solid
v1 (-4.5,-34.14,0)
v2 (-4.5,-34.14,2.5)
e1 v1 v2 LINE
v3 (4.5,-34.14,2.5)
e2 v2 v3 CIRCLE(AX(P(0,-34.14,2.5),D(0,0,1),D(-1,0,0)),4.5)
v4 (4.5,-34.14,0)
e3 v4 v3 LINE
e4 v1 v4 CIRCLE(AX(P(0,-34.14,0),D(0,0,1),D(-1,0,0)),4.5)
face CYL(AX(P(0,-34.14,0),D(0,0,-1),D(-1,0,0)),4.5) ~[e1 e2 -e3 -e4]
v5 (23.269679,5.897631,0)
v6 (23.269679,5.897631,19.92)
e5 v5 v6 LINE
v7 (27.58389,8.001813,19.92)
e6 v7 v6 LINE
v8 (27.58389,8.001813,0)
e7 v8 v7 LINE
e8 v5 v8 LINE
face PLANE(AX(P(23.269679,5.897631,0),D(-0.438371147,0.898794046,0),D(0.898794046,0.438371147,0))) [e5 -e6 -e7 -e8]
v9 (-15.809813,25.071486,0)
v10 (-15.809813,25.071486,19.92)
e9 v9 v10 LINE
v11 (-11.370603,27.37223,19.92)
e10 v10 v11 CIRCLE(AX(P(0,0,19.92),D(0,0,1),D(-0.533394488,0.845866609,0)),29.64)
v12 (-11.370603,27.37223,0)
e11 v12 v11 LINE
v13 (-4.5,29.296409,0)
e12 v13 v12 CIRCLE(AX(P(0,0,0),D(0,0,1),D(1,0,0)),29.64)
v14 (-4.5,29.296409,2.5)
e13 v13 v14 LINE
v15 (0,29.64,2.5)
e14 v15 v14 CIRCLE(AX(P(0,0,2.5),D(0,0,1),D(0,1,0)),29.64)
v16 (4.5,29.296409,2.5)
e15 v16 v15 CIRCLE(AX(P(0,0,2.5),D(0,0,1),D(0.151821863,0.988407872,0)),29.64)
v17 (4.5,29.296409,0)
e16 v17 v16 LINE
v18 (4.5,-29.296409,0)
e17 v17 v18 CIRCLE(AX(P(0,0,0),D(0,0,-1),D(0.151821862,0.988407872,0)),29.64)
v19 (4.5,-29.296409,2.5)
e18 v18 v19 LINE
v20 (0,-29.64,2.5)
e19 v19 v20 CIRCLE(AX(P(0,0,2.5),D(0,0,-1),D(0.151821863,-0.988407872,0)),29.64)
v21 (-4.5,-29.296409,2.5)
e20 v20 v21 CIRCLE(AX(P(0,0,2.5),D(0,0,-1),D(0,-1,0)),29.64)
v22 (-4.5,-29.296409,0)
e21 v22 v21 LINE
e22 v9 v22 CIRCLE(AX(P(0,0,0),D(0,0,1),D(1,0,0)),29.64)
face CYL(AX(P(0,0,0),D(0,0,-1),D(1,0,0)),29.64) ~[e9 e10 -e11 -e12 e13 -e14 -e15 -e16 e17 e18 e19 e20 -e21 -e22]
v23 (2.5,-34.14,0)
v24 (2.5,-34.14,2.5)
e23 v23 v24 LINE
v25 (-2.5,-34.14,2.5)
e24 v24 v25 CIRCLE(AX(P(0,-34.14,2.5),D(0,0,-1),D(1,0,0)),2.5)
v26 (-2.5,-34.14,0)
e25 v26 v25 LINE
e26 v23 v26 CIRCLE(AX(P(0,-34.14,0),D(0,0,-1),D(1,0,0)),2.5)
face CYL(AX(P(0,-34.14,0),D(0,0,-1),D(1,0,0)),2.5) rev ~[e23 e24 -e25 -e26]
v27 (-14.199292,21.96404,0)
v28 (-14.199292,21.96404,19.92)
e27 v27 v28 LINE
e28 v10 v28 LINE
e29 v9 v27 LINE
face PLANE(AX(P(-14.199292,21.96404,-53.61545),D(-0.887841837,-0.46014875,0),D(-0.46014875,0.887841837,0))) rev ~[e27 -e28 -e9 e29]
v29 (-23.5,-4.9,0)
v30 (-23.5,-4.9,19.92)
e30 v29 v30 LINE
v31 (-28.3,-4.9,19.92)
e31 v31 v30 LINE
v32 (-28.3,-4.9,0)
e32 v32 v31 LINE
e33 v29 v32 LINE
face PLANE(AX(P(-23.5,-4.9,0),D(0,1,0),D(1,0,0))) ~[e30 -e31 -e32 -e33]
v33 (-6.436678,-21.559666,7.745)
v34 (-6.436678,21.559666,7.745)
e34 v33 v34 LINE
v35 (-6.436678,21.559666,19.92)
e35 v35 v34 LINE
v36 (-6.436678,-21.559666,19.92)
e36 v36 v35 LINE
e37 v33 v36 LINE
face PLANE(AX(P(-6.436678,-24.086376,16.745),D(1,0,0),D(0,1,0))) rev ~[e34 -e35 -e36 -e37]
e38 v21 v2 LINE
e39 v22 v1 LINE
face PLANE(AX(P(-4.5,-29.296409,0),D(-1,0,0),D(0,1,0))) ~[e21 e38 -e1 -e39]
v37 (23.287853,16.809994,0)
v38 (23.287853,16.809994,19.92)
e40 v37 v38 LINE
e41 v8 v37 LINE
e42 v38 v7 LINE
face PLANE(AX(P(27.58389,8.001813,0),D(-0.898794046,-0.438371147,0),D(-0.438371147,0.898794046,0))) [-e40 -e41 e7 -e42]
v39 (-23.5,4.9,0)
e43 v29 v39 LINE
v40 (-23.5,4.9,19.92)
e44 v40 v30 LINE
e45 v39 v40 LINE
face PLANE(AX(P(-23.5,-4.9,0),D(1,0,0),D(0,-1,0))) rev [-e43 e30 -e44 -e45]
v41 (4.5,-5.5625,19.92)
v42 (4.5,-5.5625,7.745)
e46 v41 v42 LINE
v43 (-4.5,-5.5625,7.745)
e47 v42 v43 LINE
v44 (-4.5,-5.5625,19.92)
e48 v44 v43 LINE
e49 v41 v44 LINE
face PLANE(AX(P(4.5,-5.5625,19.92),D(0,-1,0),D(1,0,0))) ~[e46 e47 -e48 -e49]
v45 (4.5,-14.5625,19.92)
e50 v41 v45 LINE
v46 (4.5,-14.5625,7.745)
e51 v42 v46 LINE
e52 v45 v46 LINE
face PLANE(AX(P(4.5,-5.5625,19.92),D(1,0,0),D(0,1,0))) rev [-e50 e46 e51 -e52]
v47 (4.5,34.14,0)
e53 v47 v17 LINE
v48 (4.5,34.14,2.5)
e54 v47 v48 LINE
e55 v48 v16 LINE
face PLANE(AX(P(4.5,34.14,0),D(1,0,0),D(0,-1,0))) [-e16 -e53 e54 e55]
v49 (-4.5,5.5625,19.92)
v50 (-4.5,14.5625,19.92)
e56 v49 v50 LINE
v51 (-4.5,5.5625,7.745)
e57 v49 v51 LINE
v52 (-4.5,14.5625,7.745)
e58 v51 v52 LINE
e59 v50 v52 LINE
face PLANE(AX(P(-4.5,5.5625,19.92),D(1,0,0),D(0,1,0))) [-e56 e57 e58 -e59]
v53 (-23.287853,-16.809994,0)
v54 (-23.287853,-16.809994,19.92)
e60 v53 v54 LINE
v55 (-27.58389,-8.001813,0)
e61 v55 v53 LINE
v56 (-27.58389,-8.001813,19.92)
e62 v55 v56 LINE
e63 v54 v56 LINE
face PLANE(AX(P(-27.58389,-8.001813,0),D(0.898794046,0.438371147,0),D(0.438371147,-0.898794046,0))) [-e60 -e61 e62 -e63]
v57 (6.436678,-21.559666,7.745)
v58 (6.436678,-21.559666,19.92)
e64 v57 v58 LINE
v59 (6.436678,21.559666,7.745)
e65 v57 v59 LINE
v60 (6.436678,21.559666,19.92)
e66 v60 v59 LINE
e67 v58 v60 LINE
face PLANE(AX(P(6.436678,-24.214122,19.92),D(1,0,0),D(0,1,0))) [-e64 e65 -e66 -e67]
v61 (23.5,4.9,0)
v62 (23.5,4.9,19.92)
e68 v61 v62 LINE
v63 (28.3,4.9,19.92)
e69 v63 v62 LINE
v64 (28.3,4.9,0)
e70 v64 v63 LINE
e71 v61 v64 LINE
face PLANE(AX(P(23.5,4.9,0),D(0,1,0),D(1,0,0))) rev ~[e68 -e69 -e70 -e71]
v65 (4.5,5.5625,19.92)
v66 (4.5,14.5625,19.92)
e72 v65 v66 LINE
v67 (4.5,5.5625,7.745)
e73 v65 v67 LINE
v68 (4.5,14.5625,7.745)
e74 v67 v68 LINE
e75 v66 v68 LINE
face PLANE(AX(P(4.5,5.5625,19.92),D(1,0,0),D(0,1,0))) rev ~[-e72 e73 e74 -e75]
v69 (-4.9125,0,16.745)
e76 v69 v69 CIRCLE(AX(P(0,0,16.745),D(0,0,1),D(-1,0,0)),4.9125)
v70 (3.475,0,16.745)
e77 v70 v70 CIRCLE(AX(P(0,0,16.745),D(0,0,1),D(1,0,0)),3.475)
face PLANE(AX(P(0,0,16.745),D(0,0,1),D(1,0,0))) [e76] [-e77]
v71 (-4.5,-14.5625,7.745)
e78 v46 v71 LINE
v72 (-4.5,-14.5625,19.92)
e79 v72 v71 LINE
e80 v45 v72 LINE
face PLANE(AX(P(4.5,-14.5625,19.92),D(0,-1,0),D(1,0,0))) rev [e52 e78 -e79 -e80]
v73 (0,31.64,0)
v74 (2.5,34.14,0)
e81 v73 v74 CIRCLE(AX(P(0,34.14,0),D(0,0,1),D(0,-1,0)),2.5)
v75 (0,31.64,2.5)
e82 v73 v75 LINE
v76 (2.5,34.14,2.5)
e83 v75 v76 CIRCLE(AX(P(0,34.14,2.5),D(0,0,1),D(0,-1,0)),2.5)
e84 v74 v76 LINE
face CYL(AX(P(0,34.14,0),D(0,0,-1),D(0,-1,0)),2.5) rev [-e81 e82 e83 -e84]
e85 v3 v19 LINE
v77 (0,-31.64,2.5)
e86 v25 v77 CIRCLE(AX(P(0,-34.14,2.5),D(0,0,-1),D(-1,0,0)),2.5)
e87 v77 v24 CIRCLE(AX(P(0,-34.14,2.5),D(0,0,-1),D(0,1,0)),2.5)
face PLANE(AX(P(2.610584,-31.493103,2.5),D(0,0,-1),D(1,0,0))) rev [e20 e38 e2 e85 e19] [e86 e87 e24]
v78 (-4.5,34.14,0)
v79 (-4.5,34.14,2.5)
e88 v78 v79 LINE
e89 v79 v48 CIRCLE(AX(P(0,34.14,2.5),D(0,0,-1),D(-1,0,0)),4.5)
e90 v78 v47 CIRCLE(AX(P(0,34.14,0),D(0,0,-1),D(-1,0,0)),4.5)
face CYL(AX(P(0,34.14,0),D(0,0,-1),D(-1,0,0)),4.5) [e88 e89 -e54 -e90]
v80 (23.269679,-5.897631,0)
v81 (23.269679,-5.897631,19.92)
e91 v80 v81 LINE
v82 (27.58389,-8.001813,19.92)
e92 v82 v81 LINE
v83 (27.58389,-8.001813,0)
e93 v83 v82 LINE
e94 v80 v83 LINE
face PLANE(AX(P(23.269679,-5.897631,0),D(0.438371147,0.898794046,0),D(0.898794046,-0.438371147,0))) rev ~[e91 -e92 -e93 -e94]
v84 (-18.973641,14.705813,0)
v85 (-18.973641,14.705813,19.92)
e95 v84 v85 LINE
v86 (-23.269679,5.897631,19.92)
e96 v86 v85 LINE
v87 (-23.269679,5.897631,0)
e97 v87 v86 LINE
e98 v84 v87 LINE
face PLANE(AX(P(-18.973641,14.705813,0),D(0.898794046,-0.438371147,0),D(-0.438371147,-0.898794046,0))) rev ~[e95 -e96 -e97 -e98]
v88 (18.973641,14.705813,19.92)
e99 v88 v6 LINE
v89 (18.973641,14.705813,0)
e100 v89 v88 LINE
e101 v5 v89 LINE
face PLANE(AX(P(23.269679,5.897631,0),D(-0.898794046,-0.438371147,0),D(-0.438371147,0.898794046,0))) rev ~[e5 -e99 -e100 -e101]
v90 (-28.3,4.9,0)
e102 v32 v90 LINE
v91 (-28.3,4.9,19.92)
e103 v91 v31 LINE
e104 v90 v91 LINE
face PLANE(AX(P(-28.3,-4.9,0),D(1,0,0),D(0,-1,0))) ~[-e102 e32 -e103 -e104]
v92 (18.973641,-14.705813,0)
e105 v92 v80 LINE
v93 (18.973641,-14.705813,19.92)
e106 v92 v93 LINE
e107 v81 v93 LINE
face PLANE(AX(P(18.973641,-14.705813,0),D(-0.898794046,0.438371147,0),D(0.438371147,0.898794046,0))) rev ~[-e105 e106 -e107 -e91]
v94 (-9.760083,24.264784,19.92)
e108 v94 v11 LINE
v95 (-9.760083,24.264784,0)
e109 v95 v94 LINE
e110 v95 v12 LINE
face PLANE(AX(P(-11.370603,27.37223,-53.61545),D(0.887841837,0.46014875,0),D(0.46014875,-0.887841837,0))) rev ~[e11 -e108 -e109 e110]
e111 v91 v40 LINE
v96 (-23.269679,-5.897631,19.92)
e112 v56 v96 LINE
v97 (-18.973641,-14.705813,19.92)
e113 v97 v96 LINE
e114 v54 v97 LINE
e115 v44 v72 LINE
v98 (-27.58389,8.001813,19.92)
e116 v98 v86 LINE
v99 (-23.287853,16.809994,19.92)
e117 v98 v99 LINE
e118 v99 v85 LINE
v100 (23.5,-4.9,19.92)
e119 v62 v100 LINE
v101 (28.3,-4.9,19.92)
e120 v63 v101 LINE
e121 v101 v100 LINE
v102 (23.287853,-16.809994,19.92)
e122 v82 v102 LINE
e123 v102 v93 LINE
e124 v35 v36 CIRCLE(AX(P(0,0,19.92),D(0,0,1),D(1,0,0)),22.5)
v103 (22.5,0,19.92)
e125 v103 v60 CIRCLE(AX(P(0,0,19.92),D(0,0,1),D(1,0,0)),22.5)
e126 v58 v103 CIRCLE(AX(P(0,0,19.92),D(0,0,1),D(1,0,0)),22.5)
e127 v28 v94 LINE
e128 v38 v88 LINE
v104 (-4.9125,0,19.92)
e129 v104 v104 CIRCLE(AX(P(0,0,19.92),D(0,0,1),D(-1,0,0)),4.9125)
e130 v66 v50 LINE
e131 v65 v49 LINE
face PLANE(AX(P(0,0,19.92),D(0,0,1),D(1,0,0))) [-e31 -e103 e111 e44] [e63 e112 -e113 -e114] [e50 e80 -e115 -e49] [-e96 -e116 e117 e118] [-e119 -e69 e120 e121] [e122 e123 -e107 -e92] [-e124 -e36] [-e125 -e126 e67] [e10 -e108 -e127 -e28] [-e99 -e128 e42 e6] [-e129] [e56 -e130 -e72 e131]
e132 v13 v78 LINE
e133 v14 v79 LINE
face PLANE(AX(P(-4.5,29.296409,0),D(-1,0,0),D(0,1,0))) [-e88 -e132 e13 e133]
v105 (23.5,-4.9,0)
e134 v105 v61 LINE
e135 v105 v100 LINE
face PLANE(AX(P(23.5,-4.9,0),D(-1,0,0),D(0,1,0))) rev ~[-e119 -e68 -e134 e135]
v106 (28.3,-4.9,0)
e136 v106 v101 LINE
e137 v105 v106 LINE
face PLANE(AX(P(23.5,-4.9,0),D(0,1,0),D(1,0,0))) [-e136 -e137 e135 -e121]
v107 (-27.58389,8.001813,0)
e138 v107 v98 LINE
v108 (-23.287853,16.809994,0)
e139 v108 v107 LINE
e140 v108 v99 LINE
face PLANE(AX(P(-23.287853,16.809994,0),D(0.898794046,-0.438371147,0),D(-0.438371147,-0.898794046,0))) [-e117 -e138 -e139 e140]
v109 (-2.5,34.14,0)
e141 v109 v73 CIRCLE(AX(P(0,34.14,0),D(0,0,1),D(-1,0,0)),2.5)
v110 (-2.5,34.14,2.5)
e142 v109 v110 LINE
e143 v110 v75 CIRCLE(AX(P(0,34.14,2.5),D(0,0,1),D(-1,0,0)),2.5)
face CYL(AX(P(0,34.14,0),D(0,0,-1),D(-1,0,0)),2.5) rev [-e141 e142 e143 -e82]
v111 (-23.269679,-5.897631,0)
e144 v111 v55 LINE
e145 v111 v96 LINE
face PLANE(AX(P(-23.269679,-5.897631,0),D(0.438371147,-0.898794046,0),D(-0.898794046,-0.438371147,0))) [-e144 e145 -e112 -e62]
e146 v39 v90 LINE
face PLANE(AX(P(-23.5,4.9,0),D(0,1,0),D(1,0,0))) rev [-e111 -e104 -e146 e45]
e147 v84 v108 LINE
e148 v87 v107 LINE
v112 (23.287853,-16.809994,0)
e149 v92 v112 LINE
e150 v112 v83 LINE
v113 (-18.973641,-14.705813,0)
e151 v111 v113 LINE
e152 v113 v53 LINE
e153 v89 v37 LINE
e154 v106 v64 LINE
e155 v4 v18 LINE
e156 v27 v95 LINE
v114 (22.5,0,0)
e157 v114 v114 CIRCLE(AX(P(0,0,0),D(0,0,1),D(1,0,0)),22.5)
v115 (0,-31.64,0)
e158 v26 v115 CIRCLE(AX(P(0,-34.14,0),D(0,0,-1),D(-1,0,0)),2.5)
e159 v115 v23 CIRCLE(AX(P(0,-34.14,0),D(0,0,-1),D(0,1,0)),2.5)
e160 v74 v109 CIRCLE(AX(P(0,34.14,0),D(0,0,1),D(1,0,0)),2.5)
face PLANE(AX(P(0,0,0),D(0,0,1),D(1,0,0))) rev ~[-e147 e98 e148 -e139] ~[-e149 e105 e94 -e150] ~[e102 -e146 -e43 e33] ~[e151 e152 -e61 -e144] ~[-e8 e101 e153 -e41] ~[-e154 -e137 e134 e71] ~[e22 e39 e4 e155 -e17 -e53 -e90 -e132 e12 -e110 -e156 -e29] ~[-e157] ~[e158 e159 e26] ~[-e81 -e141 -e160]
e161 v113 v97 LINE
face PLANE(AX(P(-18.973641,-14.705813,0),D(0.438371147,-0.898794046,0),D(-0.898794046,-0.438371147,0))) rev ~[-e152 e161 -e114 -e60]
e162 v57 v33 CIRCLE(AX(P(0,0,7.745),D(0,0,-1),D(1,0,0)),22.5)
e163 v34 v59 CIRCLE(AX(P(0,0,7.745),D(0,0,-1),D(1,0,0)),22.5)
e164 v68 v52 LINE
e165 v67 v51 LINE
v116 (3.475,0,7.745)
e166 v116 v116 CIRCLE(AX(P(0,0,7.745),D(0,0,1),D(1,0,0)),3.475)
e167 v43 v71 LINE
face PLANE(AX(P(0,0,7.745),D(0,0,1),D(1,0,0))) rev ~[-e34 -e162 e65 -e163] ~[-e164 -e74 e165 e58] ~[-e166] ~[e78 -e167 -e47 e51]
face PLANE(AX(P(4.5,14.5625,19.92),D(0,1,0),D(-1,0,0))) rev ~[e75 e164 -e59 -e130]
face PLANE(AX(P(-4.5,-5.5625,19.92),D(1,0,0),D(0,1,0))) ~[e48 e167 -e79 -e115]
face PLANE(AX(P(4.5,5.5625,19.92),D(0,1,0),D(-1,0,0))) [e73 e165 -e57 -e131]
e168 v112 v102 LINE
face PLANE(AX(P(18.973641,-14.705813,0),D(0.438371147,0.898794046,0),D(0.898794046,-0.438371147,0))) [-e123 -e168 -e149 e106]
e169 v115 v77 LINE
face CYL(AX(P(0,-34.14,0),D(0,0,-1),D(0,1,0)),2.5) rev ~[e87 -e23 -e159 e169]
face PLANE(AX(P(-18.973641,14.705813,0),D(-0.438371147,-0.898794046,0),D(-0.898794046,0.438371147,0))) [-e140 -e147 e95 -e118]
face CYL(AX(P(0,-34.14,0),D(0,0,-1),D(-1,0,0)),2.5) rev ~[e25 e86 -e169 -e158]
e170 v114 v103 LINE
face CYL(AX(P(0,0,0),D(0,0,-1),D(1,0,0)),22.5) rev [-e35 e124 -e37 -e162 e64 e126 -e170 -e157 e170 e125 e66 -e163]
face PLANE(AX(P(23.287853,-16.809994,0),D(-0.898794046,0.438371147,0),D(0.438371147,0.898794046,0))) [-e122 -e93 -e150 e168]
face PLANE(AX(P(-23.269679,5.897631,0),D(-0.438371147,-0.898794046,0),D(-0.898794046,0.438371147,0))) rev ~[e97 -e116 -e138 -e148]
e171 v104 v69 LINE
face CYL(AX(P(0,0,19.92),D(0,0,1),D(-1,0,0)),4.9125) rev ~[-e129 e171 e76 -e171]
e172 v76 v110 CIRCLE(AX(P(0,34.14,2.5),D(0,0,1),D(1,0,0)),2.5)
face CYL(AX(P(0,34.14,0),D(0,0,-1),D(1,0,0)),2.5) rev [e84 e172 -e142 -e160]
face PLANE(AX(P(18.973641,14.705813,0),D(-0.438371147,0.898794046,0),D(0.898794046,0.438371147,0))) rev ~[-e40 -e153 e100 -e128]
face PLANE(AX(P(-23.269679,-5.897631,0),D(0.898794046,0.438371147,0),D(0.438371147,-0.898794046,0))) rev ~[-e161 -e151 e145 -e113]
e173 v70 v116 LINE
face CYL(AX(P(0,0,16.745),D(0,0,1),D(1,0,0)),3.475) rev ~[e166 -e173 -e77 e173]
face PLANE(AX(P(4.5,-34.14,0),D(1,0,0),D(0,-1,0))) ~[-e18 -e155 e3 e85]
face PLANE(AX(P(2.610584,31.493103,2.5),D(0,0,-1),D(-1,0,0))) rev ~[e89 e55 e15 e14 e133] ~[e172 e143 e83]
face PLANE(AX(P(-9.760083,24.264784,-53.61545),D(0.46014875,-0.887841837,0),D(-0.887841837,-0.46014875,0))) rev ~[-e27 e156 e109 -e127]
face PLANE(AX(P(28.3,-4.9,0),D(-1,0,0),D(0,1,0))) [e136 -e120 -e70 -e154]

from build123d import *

# Parameters (mm, degrees)
SKETCH1_R                       = 29.64
SKETCH1_R_2                     = 22.5
BOSS_EXTRUDE1_DEPTH             = 19.92
SKETCH4_W                       = 12.873355566
SKETCH4_H                       = 48.428243032
BOSS_EXTRUDE3_DEPTH             = 3.175
CUT_EXTRUDE2_REACH              = 48.41
SKETCH7_R                       = 4.9125
CUT_EXTRUDE2_DIRECTION_2_DEPTH  = 47.409757595
SKETCH8_W                       = 12.873355566
SKETCH8_H                       = 48.17275248
SKETCH8_R                       = 3.475
BOSS_EXTRUDE4_DEPTH             = 9
SKETCH1_3_W                     = 4.8
SKETCH1_3_H                     = 9.8
CUT_EXTRUDE1_DEPTH              = 20
CIRPATTERN1_COUNT               = 2
CIRPATTERN1_ANGLE               = 26
CIRPATTERN1_THE_OTHER_WAY_COUNT = 2
CIRPATTERN1_THE_OTHER_WAY_ANGLE = 26
SKETCH11_W                      = 9
SKETCH11_H                      = 9
CUT_EXTRUDE21_DEPTH             = 29
BOSS_EXTRUDE5_DEPTH             = 2.5
MIRROR3_COPY_1_SKETCH_W         = 4.8
MIRROR3_COPY_1_SKETCH_H         = 9.8
MIRROR3_COPY_1_DEPTH            = 20
MIRROR3_COPY_2_SKETCH_W         = 4.8
MIRROR3_COPY_2_SKETCH_H         = 9.8
MIRROR3_COPY_2_DEPTH            = 20
CUT_EXTRUDE22_DEPTH             = 53.615450202
CUT_EXTRUDE22_DEPTH_BACK        = 53.615450202


with BuildPart() as part:
    # Sketch1 → Boss-Extrude1 (new body)
    with BuildSketch(Plane.XY):
        Circle(SKETCH1_R)
        Circle(SKETCH1_R_2, mode=Mode.SUBTRACT)
    extrude(amount=BOSS_EXTRUDE1_DEPTH)

    # Sketch4 → Boss-Extrude3 (add)
    with BuildSketch(Plane.XY.offset(19.92)):
        Rectangle(SKETCH4_W, SKETCH4_H)
    extrude(amount=-BOSS_EXTRUDE3_DEPTH)

    # Sketch7 → Cut-Extrude2 (cut, up to next)
    with BuildSketch(Plane.XY.offset(19.92), mode=Mode.PRIVATE) as cut_extrude2_sk1:
        with Locations(Location((0, 0, 0), (0, 0, 180))):
            Circle(SKETCH7_R)
    cut_extrude2_tool1 = extrude(cut_extrude2_sk1.sketch, amount=-CUT_EXTRUDE2_REACH, mode=Mode.PRIVATE) & part.part
    add(cut_extrude2_tool1.solids().sort_by_distance((0, 0, 19.92))[0], mode=Mode.SUBTRACT)

    # Sketch7 → Cut-Extrude2 direction 2 (cut)
    with BuildSketch(Plane.XY.offset(19.92)):
        with Locations(Location((0, 0, 0), (0, 0, 180))):
            Circle(SKETCH7_R)
    extrude(amount=CUT_EXTRUDE2_DIRECTION_2_DEPTH, mode=Mode.SUBTRACT)

    # Sketch8 → Boss-Extrude4 (add)
    with BuildSketch(Plane.XY.offset(16.745)):
        Rectangle(SKETCH8_W, SKETCH8_H)
        Circle(SKETCH8_R, mode=Mode.SUBTRACT)
    extrude(amount=-BOSS_EXTRUDE4_DEPTH)

    # Sketch1<3> → Cut-Extrude1 (cut)
    with BuildSketch(Plane.XY):
        with Locations((25.9, 0)):
            Rectangle(SKETCH1_3_W, SKETCH1_3_H)
    cut_extrude1 = extrude(amount=CUT_EXTRUDE1_DEPTH, mode=Mode.SUBTRACT)

    # CirPattern1: Cut-Extrude1 ×2 about axis
    cirpattern1_axis = Axis((0, 0, 0), (0, 0, 1))
    for i in range(1, CIRPATTERN1_COUNT):
        add(cut_extrude1.rotate(cirpattern1_axis, i * CIRPATTERN1_ANGLE / (CIRPATTERN1_COUNT - 1)), mode=Mode.SUBTRACT)

    # CirPattern1 the other way: Cut-Extrude1 ×2 about axis
    cirpattern1_the_other_way_axis = Axis((0, 0, 0), (0, 0, -1))
    for i in range(1, CIRPATTERN1_THE_OTHER_WAY_COUNT):
        add(cut_extrude1.rotate(cirpattern1_the_other_way_axis, i * CIRPATTERN1_THE_OTHER_WAY_ANGLE / (CIRPATTERN1_THE_OTHER_WAY_COUNT - 1)), mode=Mode.SUBTRACT)

    # Sketch11 → Cut-Extrude21 (cut)
    with BuildSketch(Plane(origin=(0, 0, 19.92), x_dir=(-1, 0, 0), z_dir=(0, 0, -1))):
        with Locations((0, 10.0625)):
            Rectangle(SKETCH11_W, SKETCH11_H)
    cut_extrude21 = extrude(amount=CUT_EXTRUDE21_DEPTH, mode=Mode.SUBTRACT)

    # Mirror1: Cut-Extrude21 across plane
    add(cut_extrude21.mirror(Plane.ZX), mode=Mode.SUBTRACT)

    # Sketch12 → Boss-Extrude5 (add)
    with BuildSketch(Plane(origin=(0, 0, 0), x_dir=(-1, 0, 0), z_dir=(0, 0, -1))):
        with BuildLine():
            Line((0, 29.64), (0, 31.64))
            ThreePointArc((0, 31.64), (-1.767766953, 32.372233047), (-2.5, 34.14))
            Line((-2.5, 34.14), (-4.5, 34.14))
            Line((-4.5, 34.14), (-4.5, 29.296409336))
            ThreePointArc((-4.5, 29.296409336), (-2.256549055, 29.553977505), (0, 29.64))
        make_face()
        with BuildLine():
            ThreePointArc((2.5, 34.14), (1.767766953, 32.372233047), (0, 31.64))
            Line((0, 31.64), (0, 29.64))
            ThreePointArc((0, 29.64), (2.256549055, 29.553977505), (4.5, 29.296409336))
            Line((4.5, 29.296409336), (4.5, 34.14))
            ThreePointArc((4.5, 34.14), (0, 38.64), (-4.5, 34.14))
            Line((-4.5, 34.14), (-2.5, 34.14))
            ThreePointArc((-2.5, 34.14), (0, 36.64), (2.5, 34.14))
        make_face()
    boss_extrude5 = extrude(amount=-BOSS_EXTRUDE5_DEPTH)

    # Mirror2: Boss-Extrude5 across plane
    add(boss_extrude5.mirror(Plane.ZX))

    # Mirror3: Cut-Extrude1 across plane
    add(cut_extrude1.mirror(Plane(origin=(0, 0, 0), x_dir=(0, 0, 1), z_dir=(1, 0, 0))), mode=Mode.SUBTRACT)

    # Mirror3 copy 1 sketch → Mirror3 copy 1 (cut)
    with BuildSketch(Plane(origin=(0, 0, 0), x_dir=(-0.8987940462991663, 0.43837114678907885, 0), z_dir=(0, 0, 1))):
        with Locations((25.9, 0)):
            Rectangle(MIRROR3_COPY_1_SKETCH_W, MIRROR3_COPY_1_SKETCH_H)
    extrude(amount=MIRROR3_COPY_1_DEPTH, mode=Mode.SUBTRACT)

    # Mirror3 copy 2 sketch → Mirror3 copy 2 (cut)
    with BuildSketch(Plane(origin=(0, 0, 0), x_dir=(-0.8987940462991663, -0.43837114678907885, 0), z_dir=(0, 0, 1))):
        with Locations((25.9, 0)):
            Rectangle(MIRROR3_COPY_2_SKETCH_W, MIRROR3_COPY_2_SKETCH_H)
    extrude(amount=MIRROR3_COPY_2_DEPTH, mode=Mode.SUBTRACT)

    # Sketch13 → Cut-Extrude22 (cut, two sides: drawn at the far end of the back side and taken through both)
    with BuildSketch(Plane.XY.offset(-CUT_EXTRUDE22_DEPTH_BACK)):
        Polygon((-9.760082808, 24.264783614), (-14.199291993, 21.964039863), (-15.809812619, 25.071486294), (-11.370603433, 27.372230044), align=None)
        Polygon((-16.779237208, 26.941959066), (-12.340028022, 29.242702816), (-11.370603433, 27.372230044), (-15.809812619, 25.071486294), align=None)
    extrude(amount=CUT_EXTRUDE22_DEPTH + CUT_EXTRUDE22_DEPTH_BACK, mode=Mode.SUBTRACT)


solid = part.part
